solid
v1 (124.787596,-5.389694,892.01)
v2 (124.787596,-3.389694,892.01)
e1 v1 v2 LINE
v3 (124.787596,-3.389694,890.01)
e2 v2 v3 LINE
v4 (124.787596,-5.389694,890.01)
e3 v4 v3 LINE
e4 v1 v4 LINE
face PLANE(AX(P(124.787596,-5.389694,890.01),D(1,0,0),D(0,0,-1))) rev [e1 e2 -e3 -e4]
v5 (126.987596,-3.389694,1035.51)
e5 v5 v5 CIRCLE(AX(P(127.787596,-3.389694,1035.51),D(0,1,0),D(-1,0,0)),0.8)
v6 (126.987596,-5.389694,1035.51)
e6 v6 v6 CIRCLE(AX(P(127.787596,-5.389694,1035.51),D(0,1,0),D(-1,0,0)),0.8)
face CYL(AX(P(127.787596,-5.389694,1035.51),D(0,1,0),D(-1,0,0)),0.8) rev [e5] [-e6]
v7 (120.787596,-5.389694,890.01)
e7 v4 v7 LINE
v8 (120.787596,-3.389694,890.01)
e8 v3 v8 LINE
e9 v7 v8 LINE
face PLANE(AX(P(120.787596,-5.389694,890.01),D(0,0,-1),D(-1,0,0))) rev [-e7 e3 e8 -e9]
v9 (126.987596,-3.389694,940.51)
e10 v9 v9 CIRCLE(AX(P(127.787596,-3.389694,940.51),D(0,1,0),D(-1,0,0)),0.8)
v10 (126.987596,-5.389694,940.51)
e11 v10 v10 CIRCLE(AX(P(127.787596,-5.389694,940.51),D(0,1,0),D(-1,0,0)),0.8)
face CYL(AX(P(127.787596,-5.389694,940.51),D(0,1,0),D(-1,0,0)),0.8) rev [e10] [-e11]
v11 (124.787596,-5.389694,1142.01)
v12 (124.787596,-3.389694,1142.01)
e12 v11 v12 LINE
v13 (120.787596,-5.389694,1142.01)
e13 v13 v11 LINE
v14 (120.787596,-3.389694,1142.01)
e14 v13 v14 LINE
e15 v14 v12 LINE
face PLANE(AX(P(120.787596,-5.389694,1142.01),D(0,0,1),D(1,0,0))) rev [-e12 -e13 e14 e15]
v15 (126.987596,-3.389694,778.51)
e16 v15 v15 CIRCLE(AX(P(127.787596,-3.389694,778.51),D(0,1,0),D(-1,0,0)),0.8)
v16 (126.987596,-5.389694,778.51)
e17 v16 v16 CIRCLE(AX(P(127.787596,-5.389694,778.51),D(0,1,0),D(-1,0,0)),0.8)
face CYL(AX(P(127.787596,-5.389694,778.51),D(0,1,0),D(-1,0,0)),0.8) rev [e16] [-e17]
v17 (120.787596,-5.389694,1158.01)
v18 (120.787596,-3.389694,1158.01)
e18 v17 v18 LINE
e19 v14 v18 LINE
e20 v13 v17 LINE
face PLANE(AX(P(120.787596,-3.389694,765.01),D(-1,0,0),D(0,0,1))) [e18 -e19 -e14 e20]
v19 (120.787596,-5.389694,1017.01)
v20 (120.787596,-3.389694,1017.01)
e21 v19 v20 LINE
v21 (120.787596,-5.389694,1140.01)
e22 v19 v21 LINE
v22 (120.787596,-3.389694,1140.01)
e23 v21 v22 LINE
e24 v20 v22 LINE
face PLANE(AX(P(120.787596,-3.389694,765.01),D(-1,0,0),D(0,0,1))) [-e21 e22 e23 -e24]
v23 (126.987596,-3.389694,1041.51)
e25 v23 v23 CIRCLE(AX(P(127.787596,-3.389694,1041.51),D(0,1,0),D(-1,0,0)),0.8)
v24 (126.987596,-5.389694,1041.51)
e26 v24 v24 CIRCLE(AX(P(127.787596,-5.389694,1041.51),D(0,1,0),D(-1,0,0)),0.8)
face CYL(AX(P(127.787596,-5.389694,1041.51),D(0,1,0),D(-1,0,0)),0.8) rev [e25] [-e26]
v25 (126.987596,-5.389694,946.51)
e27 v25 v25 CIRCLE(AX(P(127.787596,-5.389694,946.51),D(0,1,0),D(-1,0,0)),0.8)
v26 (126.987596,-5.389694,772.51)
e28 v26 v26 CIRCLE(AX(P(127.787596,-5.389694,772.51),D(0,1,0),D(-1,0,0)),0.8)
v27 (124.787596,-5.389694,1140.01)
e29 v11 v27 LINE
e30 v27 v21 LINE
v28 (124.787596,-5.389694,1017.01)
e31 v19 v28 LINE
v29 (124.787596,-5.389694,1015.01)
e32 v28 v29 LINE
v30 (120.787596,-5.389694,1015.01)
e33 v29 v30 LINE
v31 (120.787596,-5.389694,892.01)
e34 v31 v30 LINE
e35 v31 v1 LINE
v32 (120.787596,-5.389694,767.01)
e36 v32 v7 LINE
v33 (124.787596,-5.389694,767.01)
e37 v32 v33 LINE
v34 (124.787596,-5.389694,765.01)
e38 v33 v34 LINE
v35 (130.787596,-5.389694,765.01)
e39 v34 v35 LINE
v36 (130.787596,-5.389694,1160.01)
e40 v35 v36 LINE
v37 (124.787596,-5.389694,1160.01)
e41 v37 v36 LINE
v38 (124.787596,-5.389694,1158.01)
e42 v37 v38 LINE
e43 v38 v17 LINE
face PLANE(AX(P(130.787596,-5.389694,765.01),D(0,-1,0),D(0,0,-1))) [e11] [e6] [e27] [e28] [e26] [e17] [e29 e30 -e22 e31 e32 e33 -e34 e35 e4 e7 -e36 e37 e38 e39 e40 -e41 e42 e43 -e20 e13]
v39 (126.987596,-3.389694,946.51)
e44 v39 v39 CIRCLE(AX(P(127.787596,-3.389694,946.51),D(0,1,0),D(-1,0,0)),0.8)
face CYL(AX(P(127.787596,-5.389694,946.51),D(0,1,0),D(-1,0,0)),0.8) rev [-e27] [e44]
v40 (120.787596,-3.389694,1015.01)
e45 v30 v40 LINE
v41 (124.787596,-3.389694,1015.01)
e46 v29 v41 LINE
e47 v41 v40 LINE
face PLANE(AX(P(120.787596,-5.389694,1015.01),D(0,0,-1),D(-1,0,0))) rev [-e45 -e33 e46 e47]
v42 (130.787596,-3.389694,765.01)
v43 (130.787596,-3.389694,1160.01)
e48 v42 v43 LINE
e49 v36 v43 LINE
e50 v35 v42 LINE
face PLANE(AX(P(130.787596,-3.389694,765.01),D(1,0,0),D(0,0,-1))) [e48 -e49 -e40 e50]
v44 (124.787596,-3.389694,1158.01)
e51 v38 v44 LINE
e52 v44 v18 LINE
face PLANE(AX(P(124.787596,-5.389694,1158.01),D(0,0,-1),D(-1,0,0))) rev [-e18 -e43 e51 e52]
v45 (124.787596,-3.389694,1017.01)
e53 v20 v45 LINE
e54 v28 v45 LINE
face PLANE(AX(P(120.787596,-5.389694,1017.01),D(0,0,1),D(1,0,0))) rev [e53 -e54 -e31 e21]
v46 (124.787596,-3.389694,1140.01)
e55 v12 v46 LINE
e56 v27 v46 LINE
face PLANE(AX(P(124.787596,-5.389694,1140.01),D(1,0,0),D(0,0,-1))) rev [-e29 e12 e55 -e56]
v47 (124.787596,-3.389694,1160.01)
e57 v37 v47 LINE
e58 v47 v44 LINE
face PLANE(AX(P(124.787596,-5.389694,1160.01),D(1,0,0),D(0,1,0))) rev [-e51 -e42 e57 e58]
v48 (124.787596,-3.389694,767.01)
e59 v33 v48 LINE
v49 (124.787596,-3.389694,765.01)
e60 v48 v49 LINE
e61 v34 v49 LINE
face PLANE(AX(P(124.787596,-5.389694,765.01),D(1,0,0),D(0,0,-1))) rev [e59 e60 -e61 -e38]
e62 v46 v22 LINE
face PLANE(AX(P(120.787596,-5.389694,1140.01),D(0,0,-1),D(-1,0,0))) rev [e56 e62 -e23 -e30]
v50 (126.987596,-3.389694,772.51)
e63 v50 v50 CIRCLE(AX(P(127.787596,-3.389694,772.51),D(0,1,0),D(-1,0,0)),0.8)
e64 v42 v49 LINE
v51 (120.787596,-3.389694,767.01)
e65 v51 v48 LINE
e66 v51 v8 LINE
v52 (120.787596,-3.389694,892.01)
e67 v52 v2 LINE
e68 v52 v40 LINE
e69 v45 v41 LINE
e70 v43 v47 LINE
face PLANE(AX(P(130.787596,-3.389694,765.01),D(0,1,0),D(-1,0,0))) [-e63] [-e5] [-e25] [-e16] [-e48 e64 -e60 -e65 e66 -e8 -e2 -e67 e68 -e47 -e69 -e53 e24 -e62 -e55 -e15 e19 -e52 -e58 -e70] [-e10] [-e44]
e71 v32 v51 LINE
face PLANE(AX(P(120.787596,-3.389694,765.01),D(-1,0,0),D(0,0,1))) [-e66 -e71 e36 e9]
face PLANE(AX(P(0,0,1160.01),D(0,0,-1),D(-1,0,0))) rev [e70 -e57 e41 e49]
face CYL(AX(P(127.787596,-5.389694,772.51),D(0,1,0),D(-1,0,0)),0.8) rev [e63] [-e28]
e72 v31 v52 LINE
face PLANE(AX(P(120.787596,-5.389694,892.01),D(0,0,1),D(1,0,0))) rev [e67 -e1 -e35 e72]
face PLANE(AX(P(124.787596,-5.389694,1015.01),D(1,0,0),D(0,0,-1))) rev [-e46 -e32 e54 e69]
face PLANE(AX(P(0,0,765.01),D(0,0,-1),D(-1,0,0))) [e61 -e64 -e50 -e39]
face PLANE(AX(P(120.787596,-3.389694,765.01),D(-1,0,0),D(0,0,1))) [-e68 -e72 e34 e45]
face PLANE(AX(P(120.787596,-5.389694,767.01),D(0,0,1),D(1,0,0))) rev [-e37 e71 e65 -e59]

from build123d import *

# Parameters (mm, degrees)
SKETCH_1_W          = 10
SKETCH_1_H          = 2
EXTRUDE_1_DEPTH     = 395
SKETCH_2_R          = 0.8
SKETCH_2_W          = 4
SKETCH_2_H          = 2
CUT_EXTRUDE_1_DEPTH = 1168.361381654


with BuildPart() as part:
    # 草图1 → 凸台-拉伸1 (new body)
    with BuildSketch(Plane.XY.offset(1160.01)):
        with Locations((125.787596038, -4.389694097)):
            Rectangle(SKETCH_1_W, SKETCH_1_H)
    extrude(amount=-EXTRUDE_1_DEPTH)

    # 草图2 → 切除-拉伸1 (cut, through all)
    with BuildSketch(Plane(origin=(0, -3.389694097, 0), x_dir=(1, 0, 0), z_dir=(0, 1, 0))):
        with Locations(Location((127.787596038, -772.51, 0), (0, 0, 180))):
            Circle(SKETCH_2_R)
        with Locations(Location((127.787596038, -778.51, 0), (0, 0, 180))):
            Circle(SKETCH_2_R)
        with Locations(Location((127.787596038, -940.51, 0), (0, 0, 180))):
            Circle(SKETCH_2_R)
        with Locations(Location((127.787596038, -946.51, 0), (0, 0, 180))):
            Circle(SKETCH_2_R)
        with Locations(Location((127.787596038, -1041.51, 0), (0, 0, 180))):
            Circle(SKETCH_2_R)
        with Locations(Location((127.787596038, -1035.51, 0), (0, 0, 180))):
            Circle(SKETCH_2_R)
        with Locations((122.787596038, -891.01)):
            Rectangle(SKETCH_2_W, SKETCH_2_H)
        with Locations((122.787596038, -766.01)):
            Rectangle(SKETCH_2_W, SKETCH_2_H)
        with Locations((122.787596038, -1016.01)):
            Rectangle(SKETCH_2_W, SKETCH_2_H)
        with Locations((122.787596038, -1141.01)):
            Rectangle(SKETCH_2_W, SKETCH_2_H)
        with Locations((122.787596038, -1159.01)):
            Rectangle(SKETCH_2_W, SKETCH_2_H)
    extrude(amount=-CUT_EXTRUDE_1_DEPTH, mode=Mode.SUBTRACT)


solid = part.part
